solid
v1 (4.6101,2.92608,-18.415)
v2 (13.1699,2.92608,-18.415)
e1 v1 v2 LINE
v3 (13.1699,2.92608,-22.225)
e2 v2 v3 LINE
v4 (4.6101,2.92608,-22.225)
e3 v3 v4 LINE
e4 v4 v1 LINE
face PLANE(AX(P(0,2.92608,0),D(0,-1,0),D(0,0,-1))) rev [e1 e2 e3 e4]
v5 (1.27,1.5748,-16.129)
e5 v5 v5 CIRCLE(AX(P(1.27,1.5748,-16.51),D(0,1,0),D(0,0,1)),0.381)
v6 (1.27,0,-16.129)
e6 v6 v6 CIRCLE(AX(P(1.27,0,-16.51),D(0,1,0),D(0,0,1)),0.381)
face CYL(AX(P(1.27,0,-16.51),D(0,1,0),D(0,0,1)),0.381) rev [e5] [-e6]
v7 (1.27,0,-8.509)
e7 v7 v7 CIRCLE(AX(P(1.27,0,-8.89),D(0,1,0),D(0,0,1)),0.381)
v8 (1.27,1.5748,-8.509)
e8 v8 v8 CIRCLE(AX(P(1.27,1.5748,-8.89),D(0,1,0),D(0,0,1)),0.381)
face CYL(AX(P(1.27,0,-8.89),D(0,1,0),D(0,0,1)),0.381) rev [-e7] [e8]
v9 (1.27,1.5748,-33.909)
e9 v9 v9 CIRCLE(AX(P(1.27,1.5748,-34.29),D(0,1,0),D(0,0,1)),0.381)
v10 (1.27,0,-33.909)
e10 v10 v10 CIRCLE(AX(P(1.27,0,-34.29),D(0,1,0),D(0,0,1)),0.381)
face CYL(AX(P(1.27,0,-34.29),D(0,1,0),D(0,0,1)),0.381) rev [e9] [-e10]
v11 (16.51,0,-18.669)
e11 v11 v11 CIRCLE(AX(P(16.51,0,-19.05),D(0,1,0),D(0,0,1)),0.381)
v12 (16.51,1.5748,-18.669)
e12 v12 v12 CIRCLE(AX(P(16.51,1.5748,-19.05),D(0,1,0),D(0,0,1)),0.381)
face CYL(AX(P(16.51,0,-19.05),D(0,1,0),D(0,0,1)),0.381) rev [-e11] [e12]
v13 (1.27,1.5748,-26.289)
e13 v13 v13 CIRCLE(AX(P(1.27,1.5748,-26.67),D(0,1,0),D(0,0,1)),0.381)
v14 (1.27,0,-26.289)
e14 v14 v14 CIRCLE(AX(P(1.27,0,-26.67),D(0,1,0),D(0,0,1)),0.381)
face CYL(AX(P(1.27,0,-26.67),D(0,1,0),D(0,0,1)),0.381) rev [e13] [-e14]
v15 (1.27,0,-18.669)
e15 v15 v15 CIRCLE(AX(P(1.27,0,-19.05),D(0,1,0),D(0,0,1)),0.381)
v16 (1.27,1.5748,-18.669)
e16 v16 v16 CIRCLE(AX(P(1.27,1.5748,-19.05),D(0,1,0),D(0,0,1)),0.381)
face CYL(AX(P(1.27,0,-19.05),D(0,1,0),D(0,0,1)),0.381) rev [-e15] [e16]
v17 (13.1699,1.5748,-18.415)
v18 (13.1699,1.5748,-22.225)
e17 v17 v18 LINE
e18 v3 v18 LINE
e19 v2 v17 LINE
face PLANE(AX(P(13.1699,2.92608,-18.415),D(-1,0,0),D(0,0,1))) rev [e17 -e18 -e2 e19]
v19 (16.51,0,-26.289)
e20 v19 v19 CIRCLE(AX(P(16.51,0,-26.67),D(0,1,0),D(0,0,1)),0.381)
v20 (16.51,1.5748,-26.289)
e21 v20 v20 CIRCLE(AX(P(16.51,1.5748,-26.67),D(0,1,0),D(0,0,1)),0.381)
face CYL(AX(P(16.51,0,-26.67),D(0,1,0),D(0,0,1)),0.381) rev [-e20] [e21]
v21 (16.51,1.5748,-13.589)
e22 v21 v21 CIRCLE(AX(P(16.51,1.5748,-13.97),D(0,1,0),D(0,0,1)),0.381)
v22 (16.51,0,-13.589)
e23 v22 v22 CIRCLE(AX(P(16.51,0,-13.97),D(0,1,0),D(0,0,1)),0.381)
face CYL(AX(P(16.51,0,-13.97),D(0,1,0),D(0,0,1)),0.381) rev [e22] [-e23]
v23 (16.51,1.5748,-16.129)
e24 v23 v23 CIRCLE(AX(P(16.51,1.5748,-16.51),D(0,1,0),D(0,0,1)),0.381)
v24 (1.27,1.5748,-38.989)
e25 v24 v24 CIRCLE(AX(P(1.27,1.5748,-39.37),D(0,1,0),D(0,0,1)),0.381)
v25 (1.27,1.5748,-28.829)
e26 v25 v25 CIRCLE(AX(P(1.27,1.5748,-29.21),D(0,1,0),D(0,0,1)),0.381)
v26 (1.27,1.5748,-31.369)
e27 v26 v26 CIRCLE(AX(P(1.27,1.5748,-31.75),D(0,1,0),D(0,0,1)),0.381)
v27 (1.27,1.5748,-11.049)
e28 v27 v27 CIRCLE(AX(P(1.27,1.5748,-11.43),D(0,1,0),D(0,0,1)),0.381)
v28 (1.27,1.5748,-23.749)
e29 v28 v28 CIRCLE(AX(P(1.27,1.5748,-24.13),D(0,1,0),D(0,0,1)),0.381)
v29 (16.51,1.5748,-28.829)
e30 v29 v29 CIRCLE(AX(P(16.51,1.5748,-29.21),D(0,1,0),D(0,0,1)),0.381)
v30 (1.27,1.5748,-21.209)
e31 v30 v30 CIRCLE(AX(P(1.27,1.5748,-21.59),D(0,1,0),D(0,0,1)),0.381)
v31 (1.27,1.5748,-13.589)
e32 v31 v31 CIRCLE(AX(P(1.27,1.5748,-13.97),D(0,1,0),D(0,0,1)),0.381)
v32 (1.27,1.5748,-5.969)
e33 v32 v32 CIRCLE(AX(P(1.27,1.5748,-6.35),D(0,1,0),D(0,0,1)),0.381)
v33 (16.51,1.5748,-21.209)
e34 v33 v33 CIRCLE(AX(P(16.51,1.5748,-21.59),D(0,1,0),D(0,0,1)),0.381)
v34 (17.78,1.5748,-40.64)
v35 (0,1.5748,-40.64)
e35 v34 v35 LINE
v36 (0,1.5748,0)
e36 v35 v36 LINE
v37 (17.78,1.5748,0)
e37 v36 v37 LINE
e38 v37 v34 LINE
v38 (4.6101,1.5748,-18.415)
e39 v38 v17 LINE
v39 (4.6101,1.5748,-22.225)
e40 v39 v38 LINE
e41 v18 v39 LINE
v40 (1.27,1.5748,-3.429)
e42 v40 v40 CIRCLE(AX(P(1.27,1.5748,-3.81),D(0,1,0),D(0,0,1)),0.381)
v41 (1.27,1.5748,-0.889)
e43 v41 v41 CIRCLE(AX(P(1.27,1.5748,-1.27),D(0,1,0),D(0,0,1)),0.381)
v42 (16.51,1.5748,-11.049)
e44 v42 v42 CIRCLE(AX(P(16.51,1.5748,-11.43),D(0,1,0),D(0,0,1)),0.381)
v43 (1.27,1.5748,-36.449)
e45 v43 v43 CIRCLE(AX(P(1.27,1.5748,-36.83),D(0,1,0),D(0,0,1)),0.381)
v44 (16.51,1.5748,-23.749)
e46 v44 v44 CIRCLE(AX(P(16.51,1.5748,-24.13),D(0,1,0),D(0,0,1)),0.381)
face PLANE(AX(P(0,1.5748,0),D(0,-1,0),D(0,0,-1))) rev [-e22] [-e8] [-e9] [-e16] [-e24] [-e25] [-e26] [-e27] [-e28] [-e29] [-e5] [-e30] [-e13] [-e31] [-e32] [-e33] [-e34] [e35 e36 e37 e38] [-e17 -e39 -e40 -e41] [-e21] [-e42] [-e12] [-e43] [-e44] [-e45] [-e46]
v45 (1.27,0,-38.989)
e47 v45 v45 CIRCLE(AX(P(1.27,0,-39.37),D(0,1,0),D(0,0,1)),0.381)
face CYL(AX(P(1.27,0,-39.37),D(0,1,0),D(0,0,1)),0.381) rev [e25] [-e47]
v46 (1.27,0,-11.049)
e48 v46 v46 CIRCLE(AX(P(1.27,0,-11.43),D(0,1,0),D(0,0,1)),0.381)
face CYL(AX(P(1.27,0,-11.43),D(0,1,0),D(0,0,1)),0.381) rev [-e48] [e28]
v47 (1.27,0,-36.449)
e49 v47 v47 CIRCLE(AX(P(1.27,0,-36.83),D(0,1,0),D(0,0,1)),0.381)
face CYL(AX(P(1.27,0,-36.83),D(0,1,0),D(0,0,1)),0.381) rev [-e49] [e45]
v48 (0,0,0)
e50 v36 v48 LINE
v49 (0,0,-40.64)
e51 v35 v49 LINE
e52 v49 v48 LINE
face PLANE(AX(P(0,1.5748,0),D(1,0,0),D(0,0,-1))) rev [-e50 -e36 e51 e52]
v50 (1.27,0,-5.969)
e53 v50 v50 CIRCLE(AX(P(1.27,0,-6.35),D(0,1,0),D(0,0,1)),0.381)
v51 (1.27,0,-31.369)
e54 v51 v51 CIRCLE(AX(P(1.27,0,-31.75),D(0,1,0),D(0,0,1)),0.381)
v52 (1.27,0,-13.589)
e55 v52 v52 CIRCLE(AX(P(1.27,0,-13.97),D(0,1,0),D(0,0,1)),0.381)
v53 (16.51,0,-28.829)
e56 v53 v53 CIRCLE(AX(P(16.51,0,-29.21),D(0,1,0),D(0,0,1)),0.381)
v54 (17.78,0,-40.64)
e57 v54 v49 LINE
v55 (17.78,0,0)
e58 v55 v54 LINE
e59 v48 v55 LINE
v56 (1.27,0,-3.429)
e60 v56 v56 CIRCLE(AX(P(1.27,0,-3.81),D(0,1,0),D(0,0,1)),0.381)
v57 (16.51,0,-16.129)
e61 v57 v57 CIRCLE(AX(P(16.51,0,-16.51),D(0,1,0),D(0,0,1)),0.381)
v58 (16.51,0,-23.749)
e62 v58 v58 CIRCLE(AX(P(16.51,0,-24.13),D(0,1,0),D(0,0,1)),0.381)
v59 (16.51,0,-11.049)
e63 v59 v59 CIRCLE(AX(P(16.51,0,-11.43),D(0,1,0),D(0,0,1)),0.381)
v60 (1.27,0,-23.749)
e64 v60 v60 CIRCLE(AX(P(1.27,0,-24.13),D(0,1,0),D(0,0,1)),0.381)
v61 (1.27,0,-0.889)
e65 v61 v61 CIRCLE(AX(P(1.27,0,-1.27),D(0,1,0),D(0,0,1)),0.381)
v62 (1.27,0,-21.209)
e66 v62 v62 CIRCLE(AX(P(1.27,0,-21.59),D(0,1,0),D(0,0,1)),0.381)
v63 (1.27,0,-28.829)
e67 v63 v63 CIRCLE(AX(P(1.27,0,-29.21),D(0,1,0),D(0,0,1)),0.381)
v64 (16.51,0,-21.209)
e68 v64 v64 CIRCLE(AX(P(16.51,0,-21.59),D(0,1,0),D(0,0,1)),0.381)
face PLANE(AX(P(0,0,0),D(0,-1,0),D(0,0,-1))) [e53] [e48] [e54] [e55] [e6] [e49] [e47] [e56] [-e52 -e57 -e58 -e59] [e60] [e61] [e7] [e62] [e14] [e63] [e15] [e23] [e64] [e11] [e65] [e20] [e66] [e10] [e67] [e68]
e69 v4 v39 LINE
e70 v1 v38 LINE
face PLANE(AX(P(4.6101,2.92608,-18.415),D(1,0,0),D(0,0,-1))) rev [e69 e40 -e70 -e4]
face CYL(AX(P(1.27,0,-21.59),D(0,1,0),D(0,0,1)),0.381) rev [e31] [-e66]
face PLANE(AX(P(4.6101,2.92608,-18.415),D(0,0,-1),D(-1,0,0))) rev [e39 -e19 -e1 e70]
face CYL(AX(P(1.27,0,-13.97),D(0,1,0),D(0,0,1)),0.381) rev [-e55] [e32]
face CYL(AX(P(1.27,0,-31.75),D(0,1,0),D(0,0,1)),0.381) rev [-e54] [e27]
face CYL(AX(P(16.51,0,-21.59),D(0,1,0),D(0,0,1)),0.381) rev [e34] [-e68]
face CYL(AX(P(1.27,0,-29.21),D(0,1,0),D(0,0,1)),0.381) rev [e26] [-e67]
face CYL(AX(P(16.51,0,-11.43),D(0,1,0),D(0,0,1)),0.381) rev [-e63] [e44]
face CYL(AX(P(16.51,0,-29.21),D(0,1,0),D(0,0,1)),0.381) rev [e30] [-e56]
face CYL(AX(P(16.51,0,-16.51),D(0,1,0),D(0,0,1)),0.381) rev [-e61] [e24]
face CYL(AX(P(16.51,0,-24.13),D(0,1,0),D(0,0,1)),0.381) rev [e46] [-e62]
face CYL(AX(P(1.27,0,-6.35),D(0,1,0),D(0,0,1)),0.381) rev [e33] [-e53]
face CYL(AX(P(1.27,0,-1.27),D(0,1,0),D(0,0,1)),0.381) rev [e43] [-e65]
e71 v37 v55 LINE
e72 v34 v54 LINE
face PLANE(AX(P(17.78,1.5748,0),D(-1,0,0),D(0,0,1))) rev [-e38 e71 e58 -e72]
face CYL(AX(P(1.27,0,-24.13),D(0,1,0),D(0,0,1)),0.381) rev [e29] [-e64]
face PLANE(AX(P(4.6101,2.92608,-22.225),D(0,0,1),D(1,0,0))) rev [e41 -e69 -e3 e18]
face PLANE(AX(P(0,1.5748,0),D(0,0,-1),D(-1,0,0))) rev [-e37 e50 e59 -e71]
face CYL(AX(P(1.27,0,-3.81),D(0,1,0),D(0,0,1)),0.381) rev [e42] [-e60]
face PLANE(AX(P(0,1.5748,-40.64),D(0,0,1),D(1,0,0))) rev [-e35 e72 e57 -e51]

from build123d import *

# Parameters (mm, degrees)
SKETCH1_W                 = 17.78
SKETCH1_H                 = 40.64
PCB_DEPTH                 = 1.5748
SKETCH2_R                 = 0.381
HOLE_PATTERN_SEED_1_DEPTH = 1.5748
HP_1X16_COUNT             = 16
HP_1X16_PITCH             = 2.54
SKETCH3_R                 = 0.381
HOLE_PATTERN_SEED_2_DEPTH = 1.5748
HP_1X08_COUNT             = 8
HP_1X08_PITCH             = 2.54
SKETCH4_W                 = 8.5598
SKETCH4_H                 = 3.81
SSOP_24_DEPTH             = 1.35128


with BuildPart() as part:
    # Sketch1 → PCB (new body)
    with BuildSketch(Plane(origin=(0, 0, 0), x_dir=(1, 0, 0), z_dir=(0, 1, 0))):
        with Locations((8.89, 20.32)):
            Rectangle(SKETCH1_W, SKETCH1_H)
    extrude(amount=PCB_DEPTH)

    # Sketch2 → Hole Pattern seed 1 (cut)
    with BuildSketch(Plane(origin=(0, 1.5748, 0), x_dir=(1, 0, 0), z_dir=(0, 1, 0))):
        with Locations((1.27, 1.27)):
            Circle(SKETCH2_R)
    hole_pattern_seed_1 = extrude(amount=-HOLE_PATTERN_SEED_1_DEPTH, mode=Mode.SUBTRACT)

    # HP 1x16: Hole Pattern seed 1 ×16
    with Locations(*[(0, 0, -i * HP_1X16_PITCH) for i in range(1, HP_1X16_COUNT)]):
        add(hole_pattern_seed_1, mode=Mode.SUBTRACT)

    # Sketch3 → Hole Pattern seed 2 (cut)
    with BuildSketch(Plane(origin=(0, 1.5748, 0), x_dir=(1, 0, 0), z_dir=(0, 1, 0))):
        with Locations((16.51, 11.43)):
            Circle(SKETCH3_R)
    hole_pattern_seed_2 = extrude(amount=-HOLE_PATTERN_SEED_2_DEPTH, mode=Mode.SUBTRACT)

    # HP 1x08: Hole Pattern seed 2 ×8
    with Locations(*[(0, 0, -i * HP_1X08_PITCH) for i in range(1, HP_1X08_COUNT)]):
        add(hole_pattern_seed_2, mode=Mode.SUBTRACT)

    # Sketch4 → SSOP-24 (add)
    with BuildSketch(Plane(origin=(0, 1.5748, 0), x_dir=(1, 0, 0), z_dir=(0, 1, 0))):
        with Locations((8.89, 20.32)):
            Rectangle(SKETCH4_W, SKETCH4_H)
    extrude(amount=SSOP_24_DEPTH)


solid = part.part
